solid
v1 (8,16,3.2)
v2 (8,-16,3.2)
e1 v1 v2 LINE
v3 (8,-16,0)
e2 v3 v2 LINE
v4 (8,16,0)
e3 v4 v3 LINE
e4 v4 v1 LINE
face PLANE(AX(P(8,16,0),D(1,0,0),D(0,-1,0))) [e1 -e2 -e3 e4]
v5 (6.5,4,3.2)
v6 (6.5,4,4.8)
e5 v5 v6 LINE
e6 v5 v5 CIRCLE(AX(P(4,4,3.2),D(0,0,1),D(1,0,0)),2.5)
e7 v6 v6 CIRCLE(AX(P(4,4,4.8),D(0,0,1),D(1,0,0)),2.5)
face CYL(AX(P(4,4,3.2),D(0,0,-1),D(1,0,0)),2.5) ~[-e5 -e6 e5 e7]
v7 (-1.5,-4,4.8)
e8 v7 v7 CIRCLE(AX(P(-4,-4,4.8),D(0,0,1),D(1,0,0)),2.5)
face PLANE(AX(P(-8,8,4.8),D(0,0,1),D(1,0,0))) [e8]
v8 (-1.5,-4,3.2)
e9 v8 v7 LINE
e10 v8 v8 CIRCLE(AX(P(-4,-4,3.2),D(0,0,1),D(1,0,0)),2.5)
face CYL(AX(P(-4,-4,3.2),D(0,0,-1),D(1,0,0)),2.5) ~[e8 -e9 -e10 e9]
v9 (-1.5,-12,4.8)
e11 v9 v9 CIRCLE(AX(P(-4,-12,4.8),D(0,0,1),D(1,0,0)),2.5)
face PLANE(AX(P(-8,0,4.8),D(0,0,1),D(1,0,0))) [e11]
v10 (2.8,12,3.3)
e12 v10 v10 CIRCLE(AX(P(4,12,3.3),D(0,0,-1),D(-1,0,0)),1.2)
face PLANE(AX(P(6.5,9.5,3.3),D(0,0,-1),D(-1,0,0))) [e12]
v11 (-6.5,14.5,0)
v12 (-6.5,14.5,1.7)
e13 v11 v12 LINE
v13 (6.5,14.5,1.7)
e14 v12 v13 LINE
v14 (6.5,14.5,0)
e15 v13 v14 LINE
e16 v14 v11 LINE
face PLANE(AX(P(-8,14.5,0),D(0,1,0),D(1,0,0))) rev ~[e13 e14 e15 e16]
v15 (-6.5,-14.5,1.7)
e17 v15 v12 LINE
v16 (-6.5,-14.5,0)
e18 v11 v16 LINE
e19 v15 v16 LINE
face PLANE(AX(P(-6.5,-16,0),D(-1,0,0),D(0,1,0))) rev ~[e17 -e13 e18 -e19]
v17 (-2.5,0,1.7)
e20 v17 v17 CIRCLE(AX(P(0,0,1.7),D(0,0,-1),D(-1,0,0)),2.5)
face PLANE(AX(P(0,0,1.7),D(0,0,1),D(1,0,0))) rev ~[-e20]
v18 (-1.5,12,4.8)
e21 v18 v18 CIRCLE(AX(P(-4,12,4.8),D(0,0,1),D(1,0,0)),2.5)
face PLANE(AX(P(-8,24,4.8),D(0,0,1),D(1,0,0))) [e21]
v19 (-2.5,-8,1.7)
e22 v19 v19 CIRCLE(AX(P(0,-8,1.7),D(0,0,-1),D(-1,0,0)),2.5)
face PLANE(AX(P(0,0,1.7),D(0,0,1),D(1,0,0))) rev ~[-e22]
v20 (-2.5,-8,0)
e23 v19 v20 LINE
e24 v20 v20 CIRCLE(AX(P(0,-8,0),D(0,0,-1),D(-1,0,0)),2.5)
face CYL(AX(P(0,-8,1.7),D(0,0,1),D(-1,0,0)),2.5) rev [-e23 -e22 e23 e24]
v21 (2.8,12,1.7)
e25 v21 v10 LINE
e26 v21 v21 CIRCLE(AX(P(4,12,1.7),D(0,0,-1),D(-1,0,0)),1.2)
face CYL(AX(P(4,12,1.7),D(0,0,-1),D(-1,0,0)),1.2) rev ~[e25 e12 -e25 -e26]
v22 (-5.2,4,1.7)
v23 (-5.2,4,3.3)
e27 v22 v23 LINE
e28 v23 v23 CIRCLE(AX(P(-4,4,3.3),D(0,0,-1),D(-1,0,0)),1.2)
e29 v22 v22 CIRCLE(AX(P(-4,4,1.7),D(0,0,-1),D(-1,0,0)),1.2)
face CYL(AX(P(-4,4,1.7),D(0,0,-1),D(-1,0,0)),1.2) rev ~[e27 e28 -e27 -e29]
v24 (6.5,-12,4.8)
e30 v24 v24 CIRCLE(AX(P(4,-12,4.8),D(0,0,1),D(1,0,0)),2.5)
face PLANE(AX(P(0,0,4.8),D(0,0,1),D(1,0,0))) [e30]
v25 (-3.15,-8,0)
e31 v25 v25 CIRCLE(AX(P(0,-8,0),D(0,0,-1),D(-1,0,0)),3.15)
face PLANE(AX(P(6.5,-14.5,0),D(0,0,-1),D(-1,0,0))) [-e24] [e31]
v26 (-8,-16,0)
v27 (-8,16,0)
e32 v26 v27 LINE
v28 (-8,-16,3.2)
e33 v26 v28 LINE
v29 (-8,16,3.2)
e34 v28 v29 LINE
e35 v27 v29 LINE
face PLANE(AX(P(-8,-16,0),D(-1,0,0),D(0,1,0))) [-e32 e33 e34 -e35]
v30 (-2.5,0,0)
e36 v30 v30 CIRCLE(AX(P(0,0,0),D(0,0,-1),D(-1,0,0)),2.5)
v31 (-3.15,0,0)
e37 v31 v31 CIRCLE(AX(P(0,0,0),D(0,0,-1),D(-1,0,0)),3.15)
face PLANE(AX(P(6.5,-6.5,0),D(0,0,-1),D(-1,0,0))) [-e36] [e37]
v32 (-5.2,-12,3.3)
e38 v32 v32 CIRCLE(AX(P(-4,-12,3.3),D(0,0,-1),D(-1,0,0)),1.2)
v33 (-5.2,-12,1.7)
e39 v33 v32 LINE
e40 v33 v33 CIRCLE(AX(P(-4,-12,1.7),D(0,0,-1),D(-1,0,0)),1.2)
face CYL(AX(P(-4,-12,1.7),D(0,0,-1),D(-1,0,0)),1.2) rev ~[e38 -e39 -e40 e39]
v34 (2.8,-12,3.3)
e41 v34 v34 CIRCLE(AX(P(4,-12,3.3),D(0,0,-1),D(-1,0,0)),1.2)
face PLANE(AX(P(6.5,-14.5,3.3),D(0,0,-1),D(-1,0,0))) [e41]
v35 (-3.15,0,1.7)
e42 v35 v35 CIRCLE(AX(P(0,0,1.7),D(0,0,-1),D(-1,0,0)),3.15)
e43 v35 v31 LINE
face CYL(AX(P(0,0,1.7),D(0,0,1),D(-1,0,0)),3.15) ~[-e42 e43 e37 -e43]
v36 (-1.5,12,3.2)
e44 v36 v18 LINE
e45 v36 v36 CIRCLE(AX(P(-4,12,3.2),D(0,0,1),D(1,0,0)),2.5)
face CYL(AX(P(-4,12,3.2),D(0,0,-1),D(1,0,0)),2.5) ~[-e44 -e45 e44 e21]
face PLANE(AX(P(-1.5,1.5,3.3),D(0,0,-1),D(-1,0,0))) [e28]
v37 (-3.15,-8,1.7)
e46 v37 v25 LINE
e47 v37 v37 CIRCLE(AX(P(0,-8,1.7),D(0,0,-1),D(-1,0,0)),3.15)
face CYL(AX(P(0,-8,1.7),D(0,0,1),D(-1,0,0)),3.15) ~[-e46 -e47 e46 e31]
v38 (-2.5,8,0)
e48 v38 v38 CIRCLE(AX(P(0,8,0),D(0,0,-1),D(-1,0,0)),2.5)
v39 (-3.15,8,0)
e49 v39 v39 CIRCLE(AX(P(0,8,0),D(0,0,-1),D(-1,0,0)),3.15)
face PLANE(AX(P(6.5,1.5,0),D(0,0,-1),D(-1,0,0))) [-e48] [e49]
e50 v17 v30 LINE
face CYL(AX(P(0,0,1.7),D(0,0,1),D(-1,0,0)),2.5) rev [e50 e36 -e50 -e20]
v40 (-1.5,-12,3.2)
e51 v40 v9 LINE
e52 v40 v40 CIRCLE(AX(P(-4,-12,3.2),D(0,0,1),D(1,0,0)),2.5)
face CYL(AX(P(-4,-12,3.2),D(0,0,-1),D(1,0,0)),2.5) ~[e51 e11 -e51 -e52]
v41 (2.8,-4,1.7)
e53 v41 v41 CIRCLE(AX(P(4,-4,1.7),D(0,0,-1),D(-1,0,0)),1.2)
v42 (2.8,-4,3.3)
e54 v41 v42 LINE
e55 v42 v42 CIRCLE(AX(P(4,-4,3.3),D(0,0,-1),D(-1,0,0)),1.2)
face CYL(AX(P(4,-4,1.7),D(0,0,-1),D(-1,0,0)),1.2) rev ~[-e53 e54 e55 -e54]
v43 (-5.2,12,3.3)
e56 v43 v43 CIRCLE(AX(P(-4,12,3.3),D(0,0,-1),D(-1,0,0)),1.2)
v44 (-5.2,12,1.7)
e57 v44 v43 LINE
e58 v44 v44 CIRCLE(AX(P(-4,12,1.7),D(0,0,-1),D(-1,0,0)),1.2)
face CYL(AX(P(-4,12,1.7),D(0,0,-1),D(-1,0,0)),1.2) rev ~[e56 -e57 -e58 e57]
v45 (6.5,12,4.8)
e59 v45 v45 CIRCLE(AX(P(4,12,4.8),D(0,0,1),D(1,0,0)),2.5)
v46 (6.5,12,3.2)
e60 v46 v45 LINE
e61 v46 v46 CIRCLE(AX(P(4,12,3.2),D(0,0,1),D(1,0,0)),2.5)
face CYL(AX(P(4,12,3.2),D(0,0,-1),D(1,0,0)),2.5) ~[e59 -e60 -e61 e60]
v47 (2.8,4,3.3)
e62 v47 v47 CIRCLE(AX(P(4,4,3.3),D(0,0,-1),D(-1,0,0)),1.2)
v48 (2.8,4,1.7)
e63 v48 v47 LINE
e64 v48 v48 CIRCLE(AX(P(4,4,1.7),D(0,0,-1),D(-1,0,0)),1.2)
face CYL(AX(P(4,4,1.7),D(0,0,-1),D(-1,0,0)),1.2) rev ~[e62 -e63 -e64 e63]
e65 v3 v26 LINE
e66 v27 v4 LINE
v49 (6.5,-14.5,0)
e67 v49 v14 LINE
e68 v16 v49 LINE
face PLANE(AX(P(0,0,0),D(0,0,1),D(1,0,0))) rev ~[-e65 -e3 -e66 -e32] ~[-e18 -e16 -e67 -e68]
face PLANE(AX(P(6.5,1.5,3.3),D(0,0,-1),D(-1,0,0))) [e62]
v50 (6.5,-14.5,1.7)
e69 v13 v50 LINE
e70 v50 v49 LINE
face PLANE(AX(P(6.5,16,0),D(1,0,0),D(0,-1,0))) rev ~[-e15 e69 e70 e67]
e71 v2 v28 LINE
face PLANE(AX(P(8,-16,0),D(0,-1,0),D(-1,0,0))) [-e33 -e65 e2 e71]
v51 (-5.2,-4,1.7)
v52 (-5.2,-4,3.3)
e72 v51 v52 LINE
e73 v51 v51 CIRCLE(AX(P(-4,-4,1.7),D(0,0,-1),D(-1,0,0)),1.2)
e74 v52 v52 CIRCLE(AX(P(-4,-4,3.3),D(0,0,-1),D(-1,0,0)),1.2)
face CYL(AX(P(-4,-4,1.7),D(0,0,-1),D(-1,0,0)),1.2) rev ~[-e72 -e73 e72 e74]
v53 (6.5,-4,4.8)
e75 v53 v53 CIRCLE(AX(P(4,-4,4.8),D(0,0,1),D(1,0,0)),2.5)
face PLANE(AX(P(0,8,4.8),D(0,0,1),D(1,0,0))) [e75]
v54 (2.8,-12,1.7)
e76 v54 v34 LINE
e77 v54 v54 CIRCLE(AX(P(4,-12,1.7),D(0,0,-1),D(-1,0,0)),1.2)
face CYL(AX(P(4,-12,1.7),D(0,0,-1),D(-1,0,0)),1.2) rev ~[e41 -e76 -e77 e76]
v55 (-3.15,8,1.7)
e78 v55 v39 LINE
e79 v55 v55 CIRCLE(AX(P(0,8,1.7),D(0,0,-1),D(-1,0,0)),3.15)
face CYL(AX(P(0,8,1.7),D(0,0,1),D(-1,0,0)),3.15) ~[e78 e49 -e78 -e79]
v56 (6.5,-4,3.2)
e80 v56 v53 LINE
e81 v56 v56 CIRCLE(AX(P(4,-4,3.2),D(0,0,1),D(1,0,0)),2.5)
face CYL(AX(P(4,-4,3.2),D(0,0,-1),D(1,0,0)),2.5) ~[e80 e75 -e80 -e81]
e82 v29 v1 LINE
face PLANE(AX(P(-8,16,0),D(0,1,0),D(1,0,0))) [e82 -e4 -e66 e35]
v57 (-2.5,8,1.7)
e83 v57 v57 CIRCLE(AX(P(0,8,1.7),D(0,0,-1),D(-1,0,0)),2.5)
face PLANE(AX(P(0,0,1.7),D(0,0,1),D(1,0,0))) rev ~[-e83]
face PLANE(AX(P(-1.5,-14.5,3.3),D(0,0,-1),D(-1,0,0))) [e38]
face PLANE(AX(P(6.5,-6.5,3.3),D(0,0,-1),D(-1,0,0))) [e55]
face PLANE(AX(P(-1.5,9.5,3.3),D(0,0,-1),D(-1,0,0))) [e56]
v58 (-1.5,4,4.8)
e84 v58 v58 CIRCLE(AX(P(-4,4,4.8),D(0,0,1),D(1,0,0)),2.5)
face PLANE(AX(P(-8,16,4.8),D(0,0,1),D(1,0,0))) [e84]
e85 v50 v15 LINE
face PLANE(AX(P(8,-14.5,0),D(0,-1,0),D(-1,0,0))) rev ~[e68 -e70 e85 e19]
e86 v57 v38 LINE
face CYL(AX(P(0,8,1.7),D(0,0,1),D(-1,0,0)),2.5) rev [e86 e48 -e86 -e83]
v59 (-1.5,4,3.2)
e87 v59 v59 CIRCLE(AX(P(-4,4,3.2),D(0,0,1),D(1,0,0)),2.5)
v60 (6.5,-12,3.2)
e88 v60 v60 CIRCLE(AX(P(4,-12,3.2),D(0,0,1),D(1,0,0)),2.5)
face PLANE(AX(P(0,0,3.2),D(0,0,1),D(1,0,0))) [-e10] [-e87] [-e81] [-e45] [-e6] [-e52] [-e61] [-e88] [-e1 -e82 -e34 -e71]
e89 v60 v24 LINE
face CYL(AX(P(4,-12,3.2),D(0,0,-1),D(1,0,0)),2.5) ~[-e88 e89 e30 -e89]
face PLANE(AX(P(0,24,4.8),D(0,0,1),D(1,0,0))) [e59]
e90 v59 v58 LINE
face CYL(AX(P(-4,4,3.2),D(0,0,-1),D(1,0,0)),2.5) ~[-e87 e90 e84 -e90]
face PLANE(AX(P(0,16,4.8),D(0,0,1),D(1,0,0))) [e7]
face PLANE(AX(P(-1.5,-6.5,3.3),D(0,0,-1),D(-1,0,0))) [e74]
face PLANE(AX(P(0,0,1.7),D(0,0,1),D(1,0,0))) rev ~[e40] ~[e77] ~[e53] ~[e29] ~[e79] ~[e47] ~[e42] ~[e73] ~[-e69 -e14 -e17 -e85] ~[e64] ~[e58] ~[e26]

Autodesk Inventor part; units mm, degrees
ref_plane "YZ Plane" through (0, 0, 0) normal (1, 0, 0) x (0, 1, 0)
ref_plane "XZ Plane" through (0, 0, 0) normal (0, 1, 0) x (-1, 0, 0)
ref_plane "XY Plane" through (0, 0, 0) normal (0, 0, 1) x (1, 0, 0)
sketch "Sketch1" plane through (0, 0, 0) normal (0, 0, 1) x (1, 0, 0)
  line L0 (-8, 16) -> (8, 16)
  line L1 (8, 16) -> (8, -16)
  line L2 (8, -16) -> (-8, -16)
  line L3 (-8, -16) -> (-8, 16)
  point P0 (0, 0)
  dimension "d0" = 16
  dimension "d1" = 32
  dimension "d2" = 8
  dimension "d3" = 16
extrude "Extrusion1" add sketch "Sketch1" along normal blind 3.2
shell "Shell1" thickness 1.5 removed faces 1 at (2.6667, 5.3333, 0)
sketch "Sketch2" plane through (0, 0, 3.2) normal (0, 0, 1) x (1, 0, 0)
  circle A0 centre (4, -12) radius 2.5
  line L0 (8, 16) -> (8, -16) projected
  line L1 (8, -16) -> (-8, -16) projected
  dimension "d7" = 5
  dimension "d10" = 4
  dimension "d11" = 4
extrude "Extrusion2" add sketch "Sketch2" along normal blind 1.6
sketch "Sketch3" plane through (6.5, -14.5, 1.7) normal (0, 0, -1) x (-1, 0, 0)
  circle A0 centre (2.5, 2.5) radius 2.5 projected
  circle A1 centre (2.5, 2.5) radius 1.2
  point P0 (6.5, 14.5)
  dimension "d18" = 2.4
extrude "Extrusion3" cut sketch "Sketch3" against normal blind 1.6 contours A1
pattern_linear "Rectangular Pattern1" count 4 spacing 8 along (0, 1, 0) count 2 spacing 8 along (-1, 0, 0) of "Extrusion2", "Extrusion3"
sketch "Sketch4" plane through (6.5, -14.5, 1.7) normal (0, 0, -1) x (-1, 0, 0)
  circle A0 centre (2.5, 10.5) radius 1.2 projected
  circle A1 centre (2.5, 2.5) radius 1.2 projected
  line L0 (0, 29) -> (0, 0) projected
  line L1 (0, 0) -> (13, 0) projected
  circle A2 centre (6.5, 6.5) radius 3.15
  circle A3 centre (6.5, 6.5) radius 2.5
  point P0 (6.5, 14.5)
  dimension "d21" = 6.5
  dimension "d22" = 6.5
  dimension "d23" = 10.5
  dimension "d24" = 2.5
  dimension "d25" = 5
  dimension "d26" = 6.3
extrude "Extrusion4" add sketch "Sketch4" along normal up to surface (1.7 mm away) contours A2
pattern_linear "Rectangular Pattern2" count 3 spacing 8 along (0, 1, 0) of "Extrusion4"
equation "\"d0\" = 8 * WIDTH"
equation "\"d1\" = 8 * LENGTH"
equation "\"d2\" = 0.5 * d0"
equation "\"d3\" = 0.5 * d1"
equation "\"d4\" = HEIGHT"
equation "\"d21\" = 0.5 * d23 + 0.5 * d24"
equation "\"d22\" = d21"
equation "\"WIDTH\" = 2"
equation "\"HEIGHT\" = 3.2"
equation "\"LENGTH\" = 4"
properties part number "3020" material "Steel"
